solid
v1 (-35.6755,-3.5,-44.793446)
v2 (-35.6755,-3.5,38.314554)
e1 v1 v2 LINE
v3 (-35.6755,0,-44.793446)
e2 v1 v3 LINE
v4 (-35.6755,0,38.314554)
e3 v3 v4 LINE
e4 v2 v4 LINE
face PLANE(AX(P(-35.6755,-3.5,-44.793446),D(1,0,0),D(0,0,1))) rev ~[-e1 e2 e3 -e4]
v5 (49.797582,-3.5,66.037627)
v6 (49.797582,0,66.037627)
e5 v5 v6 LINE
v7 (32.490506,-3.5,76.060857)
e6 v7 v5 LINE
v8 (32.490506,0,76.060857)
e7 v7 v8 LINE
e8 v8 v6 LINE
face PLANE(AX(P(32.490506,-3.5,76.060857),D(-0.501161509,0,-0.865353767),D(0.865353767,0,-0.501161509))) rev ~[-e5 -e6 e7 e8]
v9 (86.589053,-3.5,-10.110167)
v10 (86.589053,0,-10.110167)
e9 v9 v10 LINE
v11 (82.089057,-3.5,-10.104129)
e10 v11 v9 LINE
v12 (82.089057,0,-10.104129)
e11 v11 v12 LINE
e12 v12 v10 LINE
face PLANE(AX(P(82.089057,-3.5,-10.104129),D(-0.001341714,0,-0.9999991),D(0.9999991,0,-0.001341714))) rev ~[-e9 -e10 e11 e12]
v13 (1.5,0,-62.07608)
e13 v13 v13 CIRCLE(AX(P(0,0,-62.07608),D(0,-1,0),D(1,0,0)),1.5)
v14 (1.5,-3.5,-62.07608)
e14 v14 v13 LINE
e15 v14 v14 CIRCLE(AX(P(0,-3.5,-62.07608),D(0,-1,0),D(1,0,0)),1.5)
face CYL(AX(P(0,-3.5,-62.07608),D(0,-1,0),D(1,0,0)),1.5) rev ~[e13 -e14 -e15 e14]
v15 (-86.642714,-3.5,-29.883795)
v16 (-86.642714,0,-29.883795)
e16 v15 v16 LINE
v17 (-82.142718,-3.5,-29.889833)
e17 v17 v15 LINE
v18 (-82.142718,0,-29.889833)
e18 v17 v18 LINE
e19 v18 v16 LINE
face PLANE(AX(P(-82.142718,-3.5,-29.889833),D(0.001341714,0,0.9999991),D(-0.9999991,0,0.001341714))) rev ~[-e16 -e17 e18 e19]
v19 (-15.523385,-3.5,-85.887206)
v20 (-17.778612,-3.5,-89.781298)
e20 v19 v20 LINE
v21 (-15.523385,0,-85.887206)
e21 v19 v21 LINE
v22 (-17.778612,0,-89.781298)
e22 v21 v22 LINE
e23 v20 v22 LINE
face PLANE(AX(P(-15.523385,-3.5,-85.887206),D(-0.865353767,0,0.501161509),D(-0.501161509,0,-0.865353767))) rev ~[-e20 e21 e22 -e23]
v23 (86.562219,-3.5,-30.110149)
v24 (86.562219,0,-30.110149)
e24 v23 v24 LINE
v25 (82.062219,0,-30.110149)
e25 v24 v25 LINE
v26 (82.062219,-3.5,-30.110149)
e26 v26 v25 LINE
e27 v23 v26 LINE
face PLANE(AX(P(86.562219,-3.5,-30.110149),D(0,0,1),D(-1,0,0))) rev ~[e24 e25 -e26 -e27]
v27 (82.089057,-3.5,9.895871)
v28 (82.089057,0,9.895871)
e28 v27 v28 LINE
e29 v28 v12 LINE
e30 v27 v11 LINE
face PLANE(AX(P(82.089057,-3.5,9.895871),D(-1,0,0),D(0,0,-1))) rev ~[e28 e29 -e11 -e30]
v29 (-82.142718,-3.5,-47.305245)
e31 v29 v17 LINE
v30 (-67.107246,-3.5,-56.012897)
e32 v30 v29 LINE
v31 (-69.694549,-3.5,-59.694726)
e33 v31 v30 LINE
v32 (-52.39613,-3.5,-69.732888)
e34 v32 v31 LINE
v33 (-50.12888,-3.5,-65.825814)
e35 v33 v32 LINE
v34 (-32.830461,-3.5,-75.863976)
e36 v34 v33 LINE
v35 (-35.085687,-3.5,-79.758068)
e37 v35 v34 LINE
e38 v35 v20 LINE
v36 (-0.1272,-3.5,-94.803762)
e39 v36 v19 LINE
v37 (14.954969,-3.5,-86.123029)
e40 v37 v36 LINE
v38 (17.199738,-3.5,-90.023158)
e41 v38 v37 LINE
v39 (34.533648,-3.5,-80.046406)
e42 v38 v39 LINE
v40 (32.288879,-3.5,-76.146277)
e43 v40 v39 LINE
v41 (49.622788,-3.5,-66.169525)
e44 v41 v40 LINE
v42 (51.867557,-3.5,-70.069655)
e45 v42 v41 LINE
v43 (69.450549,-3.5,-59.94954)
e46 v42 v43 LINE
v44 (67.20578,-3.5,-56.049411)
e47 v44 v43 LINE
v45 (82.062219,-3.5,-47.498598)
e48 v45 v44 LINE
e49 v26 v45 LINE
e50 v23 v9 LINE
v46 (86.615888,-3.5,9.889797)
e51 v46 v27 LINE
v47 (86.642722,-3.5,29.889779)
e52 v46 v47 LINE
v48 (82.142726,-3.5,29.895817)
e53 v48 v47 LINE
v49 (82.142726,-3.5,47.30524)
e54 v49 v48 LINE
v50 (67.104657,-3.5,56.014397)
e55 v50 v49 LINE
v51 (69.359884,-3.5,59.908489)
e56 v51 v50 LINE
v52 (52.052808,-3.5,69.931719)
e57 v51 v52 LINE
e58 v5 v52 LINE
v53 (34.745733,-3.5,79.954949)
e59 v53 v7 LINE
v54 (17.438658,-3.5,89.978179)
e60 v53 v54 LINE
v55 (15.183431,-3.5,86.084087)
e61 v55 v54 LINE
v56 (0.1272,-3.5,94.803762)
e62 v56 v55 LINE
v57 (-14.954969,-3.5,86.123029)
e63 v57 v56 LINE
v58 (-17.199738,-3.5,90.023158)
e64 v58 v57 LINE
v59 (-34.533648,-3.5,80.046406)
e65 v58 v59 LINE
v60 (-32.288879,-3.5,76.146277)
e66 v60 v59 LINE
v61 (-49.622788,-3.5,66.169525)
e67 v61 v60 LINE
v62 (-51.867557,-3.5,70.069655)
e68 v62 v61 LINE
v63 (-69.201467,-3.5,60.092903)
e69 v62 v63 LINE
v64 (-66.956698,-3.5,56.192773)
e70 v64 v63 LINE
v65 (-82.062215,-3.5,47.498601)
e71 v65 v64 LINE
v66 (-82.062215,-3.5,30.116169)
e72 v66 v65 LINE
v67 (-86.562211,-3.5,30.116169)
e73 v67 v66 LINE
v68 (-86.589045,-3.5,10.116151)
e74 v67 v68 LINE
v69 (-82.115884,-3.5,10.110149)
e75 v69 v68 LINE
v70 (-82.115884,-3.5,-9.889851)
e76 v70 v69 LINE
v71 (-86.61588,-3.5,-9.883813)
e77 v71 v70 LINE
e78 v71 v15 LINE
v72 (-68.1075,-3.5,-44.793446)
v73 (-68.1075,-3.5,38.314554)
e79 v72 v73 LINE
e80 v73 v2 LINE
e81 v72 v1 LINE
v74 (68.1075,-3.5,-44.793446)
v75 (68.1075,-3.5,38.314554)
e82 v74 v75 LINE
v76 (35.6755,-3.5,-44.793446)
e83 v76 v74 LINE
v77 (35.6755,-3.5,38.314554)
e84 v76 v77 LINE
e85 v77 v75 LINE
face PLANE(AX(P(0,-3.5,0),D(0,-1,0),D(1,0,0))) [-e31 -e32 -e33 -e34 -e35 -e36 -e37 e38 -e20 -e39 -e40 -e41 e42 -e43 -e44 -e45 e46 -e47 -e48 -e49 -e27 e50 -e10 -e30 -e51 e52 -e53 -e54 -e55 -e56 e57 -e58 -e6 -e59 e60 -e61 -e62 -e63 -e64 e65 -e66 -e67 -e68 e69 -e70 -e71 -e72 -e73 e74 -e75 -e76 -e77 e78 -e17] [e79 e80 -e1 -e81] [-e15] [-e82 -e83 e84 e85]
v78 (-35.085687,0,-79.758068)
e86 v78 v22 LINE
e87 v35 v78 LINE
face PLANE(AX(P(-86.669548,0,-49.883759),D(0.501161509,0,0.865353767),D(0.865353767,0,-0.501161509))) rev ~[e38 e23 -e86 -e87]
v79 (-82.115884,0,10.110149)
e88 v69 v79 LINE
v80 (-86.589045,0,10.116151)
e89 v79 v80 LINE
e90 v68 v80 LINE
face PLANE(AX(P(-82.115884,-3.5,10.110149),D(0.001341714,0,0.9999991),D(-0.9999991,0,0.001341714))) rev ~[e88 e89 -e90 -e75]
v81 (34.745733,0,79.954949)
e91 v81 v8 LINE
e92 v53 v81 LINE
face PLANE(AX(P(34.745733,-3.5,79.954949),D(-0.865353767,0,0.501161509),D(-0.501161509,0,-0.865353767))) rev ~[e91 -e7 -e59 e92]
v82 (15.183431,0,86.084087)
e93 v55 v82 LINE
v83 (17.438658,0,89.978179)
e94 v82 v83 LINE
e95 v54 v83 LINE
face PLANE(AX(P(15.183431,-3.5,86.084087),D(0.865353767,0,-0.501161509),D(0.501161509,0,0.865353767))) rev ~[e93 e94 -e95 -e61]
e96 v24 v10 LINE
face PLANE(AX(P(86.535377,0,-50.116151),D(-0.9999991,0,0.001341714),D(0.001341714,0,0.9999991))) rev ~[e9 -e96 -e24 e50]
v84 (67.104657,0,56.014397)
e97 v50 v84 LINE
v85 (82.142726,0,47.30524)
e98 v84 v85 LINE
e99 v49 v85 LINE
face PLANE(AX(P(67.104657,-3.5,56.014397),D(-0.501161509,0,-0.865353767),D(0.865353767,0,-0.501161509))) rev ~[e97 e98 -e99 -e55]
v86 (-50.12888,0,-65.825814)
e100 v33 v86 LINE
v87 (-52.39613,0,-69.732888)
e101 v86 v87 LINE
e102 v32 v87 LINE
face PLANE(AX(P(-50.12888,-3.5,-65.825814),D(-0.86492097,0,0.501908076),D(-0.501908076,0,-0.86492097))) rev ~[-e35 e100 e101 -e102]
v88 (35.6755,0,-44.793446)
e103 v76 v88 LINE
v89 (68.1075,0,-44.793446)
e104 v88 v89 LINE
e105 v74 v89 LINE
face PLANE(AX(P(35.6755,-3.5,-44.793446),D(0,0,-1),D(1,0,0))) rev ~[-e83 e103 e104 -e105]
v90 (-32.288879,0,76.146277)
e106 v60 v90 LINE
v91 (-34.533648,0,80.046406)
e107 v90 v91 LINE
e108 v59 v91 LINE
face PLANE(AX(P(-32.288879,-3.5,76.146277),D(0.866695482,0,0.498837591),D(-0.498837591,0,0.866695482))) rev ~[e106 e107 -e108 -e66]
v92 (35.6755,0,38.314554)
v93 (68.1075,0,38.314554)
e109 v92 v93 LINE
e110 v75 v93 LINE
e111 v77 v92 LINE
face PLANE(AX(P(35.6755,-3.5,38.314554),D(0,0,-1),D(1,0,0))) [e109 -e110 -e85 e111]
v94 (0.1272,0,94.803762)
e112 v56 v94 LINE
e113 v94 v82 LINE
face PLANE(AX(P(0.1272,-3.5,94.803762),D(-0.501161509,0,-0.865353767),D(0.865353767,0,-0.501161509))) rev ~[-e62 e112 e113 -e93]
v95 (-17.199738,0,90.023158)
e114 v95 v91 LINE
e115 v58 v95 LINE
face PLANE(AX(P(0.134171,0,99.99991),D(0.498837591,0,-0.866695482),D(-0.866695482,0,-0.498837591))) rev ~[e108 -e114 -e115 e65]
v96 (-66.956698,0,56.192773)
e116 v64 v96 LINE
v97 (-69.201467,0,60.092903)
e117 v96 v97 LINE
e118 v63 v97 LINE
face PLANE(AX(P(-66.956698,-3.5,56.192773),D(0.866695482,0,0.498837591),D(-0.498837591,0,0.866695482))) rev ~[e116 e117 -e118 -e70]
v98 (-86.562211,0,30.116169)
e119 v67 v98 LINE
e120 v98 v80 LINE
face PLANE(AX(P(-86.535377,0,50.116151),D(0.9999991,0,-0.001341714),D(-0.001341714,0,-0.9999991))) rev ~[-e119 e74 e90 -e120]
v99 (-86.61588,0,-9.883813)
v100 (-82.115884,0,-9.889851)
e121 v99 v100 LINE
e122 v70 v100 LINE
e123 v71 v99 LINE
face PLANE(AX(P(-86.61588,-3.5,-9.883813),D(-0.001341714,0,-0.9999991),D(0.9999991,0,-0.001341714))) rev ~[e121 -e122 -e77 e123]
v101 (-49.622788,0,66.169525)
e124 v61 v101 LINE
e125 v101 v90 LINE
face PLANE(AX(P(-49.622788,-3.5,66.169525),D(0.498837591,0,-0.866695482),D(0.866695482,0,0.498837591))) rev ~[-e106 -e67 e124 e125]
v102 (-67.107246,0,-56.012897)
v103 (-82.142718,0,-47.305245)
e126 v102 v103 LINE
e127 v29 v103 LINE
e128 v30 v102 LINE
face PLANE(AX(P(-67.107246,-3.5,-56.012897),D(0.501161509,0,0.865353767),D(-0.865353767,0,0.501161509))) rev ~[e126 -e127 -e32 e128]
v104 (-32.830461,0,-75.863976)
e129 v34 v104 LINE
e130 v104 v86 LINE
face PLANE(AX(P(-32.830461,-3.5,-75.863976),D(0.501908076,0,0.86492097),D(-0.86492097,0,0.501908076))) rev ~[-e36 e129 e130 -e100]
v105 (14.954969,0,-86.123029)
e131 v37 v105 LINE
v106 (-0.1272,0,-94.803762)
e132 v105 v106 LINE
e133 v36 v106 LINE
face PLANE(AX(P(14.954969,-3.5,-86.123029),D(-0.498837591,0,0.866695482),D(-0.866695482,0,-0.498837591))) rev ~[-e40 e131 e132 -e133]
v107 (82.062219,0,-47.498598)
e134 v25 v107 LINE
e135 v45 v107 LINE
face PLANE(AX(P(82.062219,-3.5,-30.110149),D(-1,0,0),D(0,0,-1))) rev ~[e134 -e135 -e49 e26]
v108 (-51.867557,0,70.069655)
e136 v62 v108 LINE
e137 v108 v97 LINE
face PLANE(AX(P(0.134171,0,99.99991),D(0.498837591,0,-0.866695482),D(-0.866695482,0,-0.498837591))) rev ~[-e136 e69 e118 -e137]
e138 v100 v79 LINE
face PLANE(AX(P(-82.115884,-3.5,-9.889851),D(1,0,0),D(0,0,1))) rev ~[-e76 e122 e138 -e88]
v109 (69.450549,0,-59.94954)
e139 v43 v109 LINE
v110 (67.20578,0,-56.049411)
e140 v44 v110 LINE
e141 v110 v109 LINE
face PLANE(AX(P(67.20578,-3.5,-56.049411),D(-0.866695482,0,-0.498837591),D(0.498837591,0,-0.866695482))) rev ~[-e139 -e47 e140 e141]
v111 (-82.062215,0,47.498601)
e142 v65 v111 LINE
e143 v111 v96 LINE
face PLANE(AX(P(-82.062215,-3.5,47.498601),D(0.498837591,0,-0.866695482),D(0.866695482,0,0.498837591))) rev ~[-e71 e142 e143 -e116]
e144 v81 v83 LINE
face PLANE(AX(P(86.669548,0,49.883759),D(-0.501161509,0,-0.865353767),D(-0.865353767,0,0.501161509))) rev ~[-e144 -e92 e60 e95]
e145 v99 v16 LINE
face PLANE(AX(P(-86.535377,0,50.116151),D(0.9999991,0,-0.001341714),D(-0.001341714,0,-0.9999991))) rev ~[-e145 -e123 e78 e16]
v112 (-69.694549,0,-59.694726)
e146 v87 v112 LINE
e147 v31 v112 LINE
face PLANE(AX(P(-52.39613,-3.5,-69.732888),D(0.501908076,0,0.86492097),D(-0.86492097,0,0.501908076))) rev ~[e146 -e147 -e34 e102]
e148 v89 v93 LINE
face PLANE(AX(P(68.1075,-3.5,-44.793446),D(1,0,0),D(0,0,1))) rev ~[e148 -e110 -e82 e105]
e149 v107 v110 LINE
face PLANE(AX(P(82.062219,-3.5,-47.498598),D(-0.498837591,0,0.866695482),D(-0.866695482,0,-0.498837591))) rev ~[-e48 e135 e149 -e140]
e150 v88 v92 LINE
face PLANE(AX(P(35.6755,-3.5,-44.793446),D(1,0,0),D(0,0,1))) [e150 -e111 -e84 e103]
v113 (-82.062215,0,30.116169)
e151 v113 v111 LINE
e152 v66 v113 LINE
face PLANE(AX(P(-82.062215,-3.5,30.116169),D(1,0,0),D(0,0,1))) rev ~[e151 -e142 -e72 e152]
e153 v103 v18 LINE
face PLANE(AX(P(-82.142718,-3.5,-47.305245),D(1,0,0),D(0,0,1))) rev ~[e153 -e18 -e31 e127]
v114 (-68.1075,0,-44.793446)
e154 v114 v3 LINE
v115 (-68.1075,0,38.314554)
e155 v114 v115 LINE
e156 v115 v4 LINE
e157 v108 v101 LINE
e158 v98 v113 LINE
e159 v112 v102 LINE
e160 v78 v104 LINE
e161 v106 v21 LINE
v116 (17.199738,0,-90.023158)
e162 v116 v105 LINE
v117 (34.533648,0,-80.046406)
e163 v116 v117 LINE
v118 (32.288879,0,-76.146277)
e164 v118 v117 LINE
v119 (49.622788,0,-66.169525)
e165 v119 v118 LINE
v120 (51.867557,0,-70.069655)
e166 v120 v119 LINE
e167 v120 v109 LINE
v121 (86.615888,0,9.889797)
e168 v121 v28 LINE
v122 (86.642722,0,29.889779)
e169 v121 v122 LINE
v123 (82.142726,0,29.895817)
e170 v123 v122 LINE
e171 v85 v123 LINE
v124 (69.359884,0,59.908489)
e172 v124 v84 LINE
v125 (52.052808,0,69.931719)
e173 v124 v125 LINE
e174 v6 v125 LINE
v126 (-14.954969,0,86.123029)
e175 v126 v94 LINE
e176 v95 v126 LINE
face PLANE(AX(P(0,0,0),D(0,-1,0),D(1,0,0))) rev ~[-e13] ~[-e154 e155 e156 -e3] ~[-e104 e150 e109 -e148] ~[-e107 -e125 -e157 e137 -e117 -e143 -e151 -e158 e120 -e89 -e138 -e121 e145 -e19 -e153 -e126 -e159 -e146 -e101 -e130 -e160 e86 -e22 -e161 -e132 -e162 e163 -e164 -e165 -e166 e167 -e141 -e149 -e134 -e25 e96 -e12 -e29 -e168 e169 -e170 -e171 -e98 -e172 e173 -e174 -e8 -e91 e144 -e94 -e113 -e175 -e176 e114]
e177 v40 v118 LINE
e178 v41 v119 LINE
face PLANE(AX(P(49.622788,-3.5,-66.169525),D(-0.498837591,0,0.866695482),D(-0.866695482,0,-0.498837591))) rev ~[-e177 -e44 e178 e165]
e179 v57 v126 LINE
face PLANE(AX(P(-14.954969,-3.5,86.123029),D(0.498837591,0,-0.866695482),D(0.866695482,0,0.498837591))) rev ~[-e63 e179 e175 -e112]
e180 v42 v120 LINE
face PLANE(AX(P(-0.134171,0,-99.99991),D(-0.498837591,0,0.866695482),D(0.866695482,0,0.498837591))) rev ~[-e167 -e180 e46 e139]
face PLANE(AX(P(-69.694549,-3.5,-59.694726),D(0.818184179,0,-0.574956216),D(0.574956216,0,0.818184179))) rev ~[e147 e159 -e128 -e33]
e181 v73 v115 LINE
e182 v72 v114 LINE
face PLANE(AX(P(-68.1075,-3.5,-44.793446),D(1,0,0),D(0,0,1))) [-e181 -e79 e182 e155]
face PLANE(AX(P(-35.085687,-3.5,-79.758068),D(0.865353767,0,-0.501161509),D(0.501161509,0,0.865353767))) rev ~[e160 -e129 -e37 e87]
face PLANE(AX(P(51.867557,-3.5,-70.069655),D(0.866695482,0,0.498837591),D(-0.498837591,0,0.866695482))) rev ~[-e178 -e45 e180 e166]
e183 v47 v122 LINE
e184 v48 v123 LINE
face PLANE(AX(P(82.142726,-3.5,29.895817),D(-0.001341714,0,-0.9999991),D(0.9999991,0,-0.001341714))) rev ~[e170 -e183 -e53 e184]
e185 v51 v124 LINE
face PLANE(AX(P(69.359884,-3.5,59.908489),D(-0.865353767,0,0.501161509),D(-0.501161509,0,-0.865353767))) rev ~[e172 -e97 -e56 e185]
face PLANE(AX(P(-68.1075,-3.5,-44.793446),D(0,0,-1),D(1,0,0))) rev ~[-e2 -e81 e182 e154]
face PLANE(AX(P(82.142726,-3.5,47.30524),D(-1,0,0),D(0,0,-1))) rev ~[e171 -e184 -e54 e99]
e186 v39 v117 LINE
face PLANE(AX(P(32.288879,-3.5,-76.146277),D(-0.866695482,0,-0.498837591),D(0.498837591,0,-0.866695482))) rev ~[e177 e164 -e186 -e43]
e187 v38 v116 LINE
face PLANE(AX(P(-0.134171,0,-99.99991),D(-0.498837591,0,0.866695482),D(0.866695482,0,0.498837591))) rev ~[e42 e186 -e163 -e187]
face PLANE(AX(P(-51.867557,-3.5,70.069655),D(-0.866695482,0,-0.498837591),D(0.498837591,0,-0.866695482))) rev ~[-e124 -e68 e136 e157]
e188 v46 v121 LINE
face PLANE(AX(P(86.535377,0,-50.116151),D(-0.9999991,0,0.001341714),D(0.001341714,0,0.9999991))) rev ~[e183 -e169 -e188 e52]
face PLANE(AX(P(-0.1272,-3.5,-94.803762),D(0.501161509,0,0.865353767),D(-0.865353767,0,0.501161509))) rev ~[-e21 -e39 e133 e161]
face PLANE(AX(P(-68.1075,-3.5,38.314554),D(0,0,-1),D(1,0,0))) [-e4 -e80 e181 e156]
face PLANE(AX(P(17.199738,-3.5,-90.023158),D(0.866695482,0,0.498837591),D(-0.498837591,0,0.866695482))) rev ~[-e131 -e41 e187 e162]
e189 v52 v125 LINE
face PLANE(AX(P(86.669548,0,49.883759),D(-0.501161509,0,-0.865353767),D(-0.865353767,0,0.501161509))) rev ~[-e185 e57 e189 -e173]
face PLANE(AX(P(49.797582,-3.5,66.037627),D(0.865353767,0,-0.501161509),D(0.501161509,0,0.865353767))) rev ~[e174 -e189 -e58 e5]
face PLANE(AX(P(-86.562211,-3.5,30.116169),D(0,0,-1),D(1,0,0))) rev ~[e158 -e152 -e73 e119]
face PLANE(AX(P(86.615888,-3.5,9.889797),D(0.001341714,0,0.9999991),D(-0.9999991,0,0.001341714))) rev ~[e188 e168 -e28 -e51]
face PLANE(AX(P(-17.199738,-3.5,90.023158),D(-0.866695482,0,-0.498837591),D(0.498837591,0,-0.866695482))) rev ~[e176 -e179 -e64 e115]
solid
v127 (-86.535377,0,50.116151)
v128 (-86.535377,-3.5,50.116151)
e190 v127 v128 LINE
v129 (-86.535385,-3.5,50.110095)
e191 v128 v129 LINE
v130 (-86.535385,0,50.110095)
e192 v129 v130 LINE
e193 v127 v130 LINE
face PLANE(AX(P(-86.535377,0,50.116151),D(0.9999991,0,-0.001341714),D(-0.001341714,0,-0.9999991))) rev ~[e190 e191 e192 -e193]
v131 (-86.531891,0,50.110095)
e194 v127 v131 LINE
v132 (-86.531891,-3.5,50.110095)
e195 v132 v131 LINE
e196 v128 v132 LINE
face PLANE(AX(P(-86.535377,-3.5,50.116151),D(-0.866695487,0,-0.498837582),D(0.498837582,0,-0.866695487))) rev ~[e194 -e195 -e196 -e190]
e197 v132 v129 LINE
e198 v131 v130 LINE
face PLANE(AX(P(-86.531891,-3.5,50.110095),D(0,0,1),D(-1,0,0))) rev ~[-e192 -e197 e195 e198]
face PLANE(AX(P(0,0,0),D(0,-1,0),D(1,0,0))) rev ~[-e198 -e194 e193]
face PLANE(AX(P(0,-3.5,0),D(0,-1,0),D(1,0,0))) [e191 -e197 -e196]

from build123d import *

# Parameters (mm, degrees)
F1_DEPTH = 3.5
F2_W     = 32.432
F2_H     = 83.108
F2_R     = 1.5
F3_DEPTH = 25


with BuildPart() as f1:
    # F0 (on Front) → F1 (new body)
    with BuildSketch(Plane.XZ):
        Polygon((0.1341714472, 99.9999099901), (-86.5353767039, 50.1161508768), (-86.6695481512, -49.8837591133), (-0.1341714472, -99.9999099901), (86.5353767039, -50.1161508768), (86.6695481512, 49.8837591133), align=None)
    extrude(amount=F1_DEPTH)

    # F2 (on face) → F3 (cut)
    with BuildSketch(Plane.XZ.offset(3.5)):
        with Locations((-51.8915, -3.239445617)):
            Rectangle(F2_W, F2_H)
        with Locations((51.8915, -3.239445617)):
            Rectangle(F2_W, F2_H)
        Polygon((86.6591921006, 49.8897567227), (69.3598837978, 59.908488691), (67.1046570083, 56.0143967393), (82.1427259648, 47.3052403061), (82.1427259648, 49.8958165361), align=None)
        Polygon((84.4117323491, 45.9911665639), (82.1427259648, 47.3052403061), (82.1427259648, 29.8958165361), (86.6427219143, 29.889778821), (86.6695481512, 49.8837591133), (86.6669591385, 49.8852585156), align=None)
        Polygon((86.5890533596, -10.1101671731), (86.6158876249, 9.889796823), (82.08905741, 9.8958705421), (82.08905741, -10.1041294579), align=None)
        Polygon((67.2057800545, -56.0494106432), (69.4505492146, -59.94954031), (86.5353767039, -50.1161508768), (82.0622190701, -50.1101491711), (82.0622190701, -47.4985984959), align=None)
        Polygon((86.5361479024, -49.5413655641), (86.5622190701, -30.1101491711), (82.0622190701, -30.1101491711), (82.0622190701, -47.4985984959), (84.5396896847, -46.0726588206), align=None)
        Polygon((32.2888786531, -76.146276678), (34.5336478132, -80.0464063448), (51.8675574435, -70.0696545221), (49.6227882834, -66.1695248553), align=None)
        Polygon((-15.5233852921, -85.8872059211), (-17.7786120815, -89.7812978727), (-0.4715367407, -99.8045280481), (-0.3587329239, -99.6097501051), (-2.3789406073, -96.0997803233), (-0.1271996943, -94.8037622444), align=None)
        Polygon((-82.1427179363, -49.8898328323), (-86.6695481512, -49.8837591133), (-52.3961295985, -69.7328876509), (-69.6945489914, -59.6947261406), (-67.1072460209, -56.0128973369), (-82.1427179363, -47.3052449557), align=None)
        Polygon((-82.1427179363, -29.8898328323), (-86.6427138859, -29.8837951172), (-86.6695481512, -49.8837591133), (-84.4143213617, -45.9896671616), (-82.1427179363, -47.3052449557), align=None)
        Polygon((-82.1158836469, 10.1101491657), (-86.5890453311, 10.1161508768), (-86.6026183294, 0), (-86.6158795964, -9.8838131192), (-82.1158836469, -9.8898508343), align=None)
        Polygon((-84.2906075438, 46.21602121), (-86.5318912591, 50.1100951597), (-86.535384829, 50.1100951597), (-86.5622109934, 30.1161688788), (-82.0622150921, 30.1161688788), (-82.0622150921, 47.4986007854), align=None)
        Polygon((-69.2014670737, 60.0929026995), (-86.5353767039, 50.1161508768), (-86.5318912591, 50.1100951597), (-82.0622150921, 50.1100951597), (-82.0622150921, 47.4986007854), (-66.9566979136, 56.1927730327), align=None)
        Polygon((-34.5336478132, 80.0464063448), (-51.8675574435, 70.0696545221), (-49.6227882834, 66.1695248553), (-32.2888786531, 76.146276678), align=None)
        Polygon((0.1341714472, 99.9999099901), (-17.199738183, 90.0231581674), (-14.9549690229, 86.1230285006), (0.1271996943, 94.8037622444), (-2.1236443549, 96.1073174408), align=None)
        Polygon((17.4386577754, 89.9781792171), (0.1341714472, 99.9999099901), (2.3789406073, 96.0997803233), (0.1271996943, 94.8037622444), (15.1834309859, 86.0840872654), align=None)
        Polygon((43.4253037415, 74.9282572126), (34.7457331162, 79.9549490417), (32.4905063267, 76.06085709), (49.7975816675, 66.0376269147), (52.052808457, 69.9317188663), align=None)
        Polygon((-50.1288800257, -65.8258142354), (-52.3961295985, -69.7328876509), (-35.0856874223, -79.7580676974), (-32.8304606328, -75.8639757457), align=None)
        Polygon((-84.4143213617, -45.9896671616), (-86.6695481512, -49.8837591133), (-82.1427179363, -49.8898328323), (-82.1427179363, -47.3052449557), align=None)
        Polygon((-82.0622150921, 50.1100951597), (-86.5318912591, 50.1100951597), (-84.2906075438, 46.21602121), (-82.0622150921, 47.4986007854), align=None)
        Polygon((2.3789406073, 96.0997803233), (0.1341714472, 99.9999099901), (-2.1236443549, 96.1073174408), (0.1271996943, 94.8037622444), align=None)
        Polygon((86.6669591385, 49.8852585156), (86.6591921006, 49.8897567227), (82.1427259648, 49.8958165361), (82.1427259648, 47.3052403061), (84.4117323491, 45.9911665639), align=None)
        Polygon((86.5353767039, -50.1161508768), (86.5361479024, -49.5413655641), (84.5396896847, -46.0726588206), (82.0622190701, -47.4985984959), (82.0622190701, -50.1101491711), align=None)
        Polygon((1.7836900487, -95.9104360964), (-0.1271996943, -94.8037622444), (-2.3789406073, -96.0997803233), (-0.3587329239, -99.6097501051), align=None)
        Polygon((14.9549690229, -86.1230285006), (-0.1271996943, -94.8037622444), (1.7836900487, -95.9104360964), (-0.3587329239, -99.6097501051), (-0.1341714472, -99.9999099901), (17.199738183, -90.0231581674), align=None)
        Polygon((-0.3587329239, -99.6097501051), (-0.4715367407, -99.8045280481), (-0.1341714472, -99.9999099901), align=None)
        with Locations((0, -62.0760797054)):
            Circle(F2_R)
    extrude(amount=-F3_DEPTH, mode=Mode.SUBTRACT)


solid = f1.part
